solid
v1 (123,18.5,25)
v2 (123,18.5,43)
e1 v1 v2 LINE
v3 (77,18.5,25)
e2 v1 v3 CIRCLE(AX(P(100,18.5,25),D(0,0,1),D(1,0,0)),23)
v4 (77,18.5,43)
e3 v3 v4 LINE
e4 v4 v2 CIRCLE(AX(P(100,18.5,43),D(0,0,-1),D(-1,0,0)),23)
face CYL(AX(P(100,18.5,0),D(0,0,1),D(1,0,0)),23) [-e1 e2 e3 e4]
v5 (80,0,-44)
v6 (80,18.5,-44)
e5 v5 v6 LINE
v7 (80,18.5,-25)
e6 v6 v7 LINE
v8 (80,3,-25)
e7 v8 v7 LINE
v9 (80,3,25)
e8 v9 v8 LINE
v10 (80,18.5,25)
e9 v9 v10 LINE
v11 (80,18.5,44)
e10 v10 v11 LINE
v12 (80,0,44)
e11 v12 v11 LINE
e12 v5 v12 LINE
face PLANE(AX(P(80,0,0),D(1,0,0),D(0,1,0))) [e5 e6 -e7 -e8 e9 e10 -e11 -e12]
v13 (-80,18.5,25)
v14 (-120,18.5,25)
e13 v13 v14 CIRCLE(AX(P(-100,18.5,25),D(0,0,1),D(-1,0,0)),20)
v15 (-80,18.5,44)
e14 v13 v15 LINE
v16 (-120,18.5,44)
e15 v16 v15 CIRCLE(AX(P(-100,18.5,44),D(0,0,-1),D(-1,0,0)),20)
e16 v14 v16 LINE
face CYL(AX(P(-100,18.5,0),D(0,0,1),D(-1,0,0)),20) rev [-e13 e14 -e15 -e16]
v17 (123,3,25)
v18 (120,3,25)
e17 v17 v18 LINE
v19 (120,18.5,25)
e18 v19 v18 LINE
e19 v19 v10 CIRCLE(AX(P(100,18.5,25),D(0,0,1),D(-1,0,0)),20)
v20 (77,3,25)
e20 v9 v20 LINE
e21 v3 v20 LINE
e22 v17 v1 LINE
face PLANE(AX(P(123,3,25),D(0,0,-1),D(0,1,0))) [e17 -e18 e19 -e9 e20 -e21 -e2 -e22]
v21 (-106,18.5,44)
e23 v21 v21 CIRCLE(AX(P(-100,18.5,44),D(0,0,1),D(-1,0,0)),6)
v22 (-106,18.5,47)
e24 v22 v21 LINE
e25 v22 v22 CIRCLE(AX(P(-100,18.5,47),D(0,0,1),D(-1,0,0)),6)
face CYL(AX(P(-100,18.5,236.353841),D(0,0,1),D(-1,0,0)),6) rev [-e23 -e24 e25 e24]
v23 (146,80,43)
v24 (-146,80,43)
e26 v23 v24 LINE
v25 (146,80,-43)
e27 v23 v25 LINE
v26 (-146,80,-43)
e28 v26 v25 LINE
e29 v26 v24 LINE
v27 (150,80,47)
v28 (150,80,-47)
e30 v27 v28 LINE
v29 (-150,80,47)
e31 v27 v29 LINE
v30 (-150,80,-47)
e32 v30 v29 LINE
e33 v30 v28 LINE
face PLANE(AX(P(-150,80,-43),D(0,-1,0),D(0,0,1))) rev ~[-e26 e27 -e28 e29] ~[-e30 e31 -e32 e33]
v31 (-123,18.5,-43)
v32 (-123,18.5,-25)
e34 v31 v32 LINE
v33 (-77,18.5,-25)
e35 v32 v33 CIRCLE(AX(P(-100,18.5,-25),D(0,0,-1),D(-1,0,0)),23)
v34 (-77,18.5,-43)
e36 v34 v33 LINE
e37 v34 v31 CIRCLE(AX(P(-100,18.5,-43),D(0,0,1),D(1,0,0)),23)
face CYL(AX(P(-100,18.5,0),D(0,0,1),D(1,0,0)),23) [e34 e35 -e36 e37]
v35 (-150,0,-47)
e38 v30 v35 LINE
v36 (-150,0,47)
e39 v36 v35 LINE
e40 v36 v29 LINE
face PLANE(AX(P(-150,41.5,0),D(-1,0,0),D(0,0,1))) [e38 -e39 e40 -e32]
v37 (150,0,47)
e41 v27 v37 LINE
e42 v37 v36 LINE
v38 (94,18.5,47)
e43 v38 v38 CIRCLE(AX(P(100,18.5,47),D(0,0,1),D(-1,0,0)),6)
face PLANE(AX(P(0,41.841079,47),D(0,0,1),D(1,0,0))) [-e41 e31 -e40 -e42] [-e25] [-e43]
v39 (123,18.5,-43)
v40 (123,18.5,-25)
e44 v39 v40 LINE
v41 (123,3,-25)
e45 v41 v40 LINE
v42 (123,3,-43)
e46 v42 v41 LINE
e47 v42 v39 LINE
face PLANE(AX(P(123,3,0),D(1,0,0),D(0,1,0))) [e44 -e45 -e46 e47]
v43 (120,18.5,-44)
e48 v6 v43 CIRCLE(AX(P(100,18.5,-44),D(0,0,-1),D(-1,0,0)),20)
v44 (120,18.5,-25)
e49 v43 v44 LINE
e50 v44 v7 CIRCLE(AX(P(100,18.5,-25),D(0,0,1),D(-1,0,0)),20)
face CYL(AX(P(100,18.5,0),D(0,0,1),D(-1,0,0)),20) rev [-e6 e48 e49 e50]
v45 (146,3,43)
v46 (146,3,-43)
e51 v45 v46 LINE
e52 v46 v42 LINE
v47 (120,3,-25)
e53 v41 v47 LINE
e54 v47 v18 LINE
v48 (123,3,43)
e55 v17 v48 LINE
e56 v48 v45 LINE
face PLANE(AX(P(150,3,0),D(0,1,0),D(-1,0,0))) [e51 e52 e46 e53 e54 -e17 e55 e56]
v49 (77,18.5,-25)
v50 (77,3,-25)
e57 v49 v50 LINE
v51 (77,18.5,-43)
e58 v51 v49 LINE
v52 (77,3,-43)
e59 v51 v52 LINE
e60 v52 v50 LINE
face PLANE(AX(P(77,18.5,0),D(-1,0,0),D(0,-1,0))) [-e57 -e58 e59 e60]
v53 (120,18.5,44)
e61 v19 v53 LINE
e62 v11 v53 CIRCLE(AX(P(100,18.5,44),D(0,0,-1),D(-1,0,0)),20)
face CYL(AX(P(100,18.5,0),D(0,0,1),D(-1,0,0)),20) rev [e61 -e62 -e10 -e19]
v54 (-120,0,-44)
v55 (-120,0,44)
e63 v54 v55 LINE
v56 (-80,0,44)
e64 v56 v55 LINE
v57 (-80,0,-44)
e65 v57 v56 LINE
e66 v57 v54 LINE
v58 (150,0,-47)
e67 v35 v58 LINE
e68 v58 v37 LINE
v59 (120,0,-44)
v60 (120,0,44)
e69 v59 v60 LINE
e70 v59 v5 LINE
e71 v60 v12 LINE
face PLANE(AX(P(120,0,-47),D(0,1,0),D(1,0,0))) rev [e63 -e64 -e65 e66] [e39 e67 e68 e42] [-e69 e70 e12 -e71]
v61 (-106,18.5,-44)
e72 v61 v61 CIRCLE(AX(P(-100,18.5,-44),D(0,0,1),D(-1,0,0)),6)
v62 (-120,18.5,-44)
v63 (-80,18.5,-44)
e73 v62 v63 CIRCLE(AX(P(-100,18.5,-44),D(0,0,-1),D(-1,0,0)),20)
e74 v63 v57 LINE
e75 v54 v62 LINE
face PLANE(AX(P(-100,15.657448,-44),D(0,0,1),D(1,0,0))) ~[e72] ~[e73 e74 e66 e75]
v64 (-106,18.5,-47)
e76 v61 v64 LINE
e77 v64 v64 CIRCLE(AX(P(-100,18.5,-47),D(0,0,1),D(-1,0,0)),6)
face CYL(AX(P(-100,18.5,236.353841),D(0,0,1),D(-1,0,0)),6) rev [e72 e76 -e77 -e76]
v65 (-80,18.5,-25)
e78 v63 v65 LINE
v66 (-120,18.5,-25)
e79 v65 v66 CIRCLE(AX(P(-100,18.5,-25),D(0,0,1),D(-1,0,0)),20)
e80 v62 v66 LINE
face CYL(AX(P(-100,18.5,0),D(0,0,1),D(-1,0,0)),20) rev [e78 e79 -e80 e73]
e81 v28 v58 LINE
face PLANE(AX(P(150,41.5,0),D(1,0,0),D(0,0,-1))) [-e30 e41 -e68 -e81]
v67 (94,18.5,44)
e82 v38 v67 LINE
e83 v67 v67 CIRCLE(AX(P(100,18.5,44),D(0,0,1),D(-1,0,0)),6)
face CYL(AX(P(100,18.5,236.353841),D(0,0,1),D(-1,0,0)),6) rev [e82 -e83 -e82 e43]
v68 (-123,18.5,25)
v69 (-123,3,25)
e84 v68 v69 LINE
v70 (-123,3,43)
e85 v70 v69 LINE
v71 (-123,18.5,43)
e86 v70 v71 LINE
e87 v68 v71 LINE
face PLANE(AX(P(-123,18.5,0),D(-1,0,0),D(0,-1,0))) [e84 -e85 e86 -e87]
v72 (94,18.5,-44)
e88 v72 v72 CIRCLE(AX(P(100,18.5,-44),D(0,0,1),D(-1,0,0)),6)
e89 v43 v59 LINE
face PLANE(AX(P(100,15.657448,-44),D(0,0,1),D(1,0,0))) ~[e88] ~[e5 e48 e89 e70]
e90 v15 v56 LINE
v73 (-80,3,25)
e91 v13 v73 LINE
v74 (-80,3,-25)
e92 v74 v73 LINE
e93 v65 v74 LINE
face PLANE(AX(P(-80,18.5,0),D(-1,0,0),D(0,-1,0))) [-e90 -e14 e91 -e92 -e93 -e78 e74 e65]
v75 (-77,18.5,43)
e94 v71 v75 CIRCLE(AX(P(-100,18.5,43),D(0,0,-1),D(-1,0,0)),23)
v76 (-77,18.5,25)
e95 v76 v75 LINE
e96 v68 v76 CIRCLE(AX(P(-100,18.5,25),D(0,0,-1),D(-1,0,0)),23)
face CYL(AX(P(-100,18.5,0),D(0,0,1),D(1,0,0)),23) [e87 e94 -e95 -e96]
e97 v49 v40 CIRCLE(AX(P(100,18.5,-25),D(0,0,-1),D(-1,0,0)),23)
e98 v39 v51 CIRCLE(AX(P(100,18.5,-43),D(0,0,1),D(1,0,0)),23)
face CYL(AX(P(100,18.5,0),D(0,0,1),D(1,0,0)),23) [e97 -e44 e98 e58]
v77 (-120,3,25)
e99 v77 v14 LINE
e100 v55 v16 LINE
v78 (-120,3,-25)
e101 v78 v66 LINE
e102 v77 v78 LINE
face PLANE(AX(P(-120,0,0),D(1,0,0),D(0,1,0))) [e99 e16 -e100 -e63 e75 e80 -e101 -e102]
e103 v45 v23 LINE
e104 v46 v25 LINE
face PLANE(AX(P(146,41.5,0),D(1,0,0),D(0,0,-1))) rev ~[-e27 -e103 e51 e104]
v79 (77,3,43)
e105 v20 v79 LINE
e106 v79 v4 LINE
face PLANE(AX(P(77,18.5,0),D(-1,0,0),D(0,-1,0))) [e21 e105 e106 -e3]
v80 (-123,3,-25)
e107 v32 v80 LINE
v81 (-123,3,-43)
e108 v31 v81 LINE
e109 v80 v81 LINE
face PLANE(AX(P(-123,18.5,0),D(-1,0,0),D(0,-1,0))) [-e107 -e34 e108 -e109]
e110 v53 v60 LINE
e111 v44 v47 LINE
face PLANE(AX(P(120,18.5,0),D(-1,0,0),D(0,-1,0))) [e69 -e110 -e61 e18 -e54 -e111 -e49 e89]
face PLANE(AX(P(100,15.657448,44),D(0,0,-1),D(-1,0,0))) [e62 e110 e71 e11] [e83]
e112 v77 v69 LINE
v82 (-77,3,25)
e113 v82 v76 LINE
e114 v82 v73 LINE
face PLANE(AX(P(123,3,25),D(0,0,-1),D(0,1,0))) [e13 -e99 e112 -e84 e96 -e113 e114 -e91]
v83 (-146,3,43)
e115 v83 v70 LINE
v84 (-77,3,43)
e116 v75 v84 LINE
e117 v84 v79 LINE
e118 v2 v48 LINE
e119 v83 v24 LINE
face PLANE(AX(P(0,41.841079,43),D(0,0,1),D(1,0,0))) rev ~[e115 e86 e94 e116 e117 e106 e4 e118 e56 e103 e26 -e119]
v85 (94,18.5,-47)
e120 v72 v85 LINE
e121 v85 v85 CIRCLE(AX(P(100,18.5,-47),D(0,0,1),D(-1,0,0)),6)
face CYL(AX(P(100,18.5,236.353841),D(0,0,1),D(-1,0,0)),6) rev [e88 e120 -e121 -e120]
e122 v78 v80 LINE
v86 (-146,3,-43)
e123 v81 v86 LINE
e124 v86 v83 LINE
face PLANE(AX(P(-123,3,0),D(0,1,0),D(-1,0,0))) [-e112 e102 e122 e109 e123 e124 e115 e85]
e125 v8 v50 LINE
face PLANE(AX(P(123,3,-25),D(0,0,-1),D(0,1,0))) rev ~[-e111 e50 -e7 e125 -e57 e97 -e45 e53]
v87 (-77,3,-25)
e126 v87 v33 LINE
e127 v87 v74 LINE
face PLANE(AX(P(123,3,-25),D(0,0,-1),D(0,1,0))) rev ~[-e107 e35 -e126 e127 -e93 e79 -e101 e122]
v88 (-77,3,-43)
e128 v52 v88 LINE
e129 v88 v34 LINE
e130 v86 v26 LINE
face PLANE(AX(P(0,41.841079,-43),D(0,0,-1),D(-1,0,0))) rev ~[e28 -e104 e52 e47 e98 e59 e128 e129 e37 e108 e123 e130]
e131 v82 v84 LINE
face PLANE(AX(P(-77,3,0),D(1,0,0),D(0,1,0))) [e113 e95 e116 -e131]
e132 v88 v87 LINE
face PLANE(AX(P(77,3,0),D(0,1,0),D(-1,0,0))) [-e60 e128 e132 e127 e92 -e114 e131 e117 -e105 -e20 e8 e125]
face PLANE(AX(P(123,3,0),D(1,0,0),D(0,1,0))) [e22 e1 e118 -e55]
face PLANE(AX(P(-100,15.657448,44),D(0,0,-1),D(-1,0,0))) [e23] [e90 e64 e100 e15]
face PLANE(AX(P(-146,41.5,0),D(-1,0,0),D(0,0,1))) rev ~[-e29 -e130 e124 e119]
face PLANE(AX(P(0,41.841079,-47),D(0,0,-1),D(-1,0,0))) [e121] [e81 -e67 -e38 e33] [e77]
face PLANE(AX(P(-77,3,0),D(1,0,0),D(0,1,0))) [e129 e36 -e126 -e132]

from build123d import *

# Parameters (mm, degrees)
SALIENTE_EXTRUIR1_DEPTH    = 47
CROQUIS2_W                 = 50
CROQUIS2_H                 = 38.5
CORTAR_EXTRUIR1_DEPTH      = 281.107568623
SALIENTE_EXTRUIR2_DEPTH    = 3
SALIENTE_EXTRUIR3_DEPTH    = 4
SALIENTE_EXTRUIR4_START    = -4
SALIENTE_EXTRUIR4_DEPTH    = 4
CROQUIS6_W                 = 86
CROQUIS6_H                 = 77
SALIENTE_EXTRUIR5_DEPTH    = 4
CROQUIS7_W                 = 86
CROQUIS7_H                 = 77
SALIENTE_EXTRUIR6_DEPTH    = 4
CORTAR_EXTRUIR2_DEPTH      = 193.353840617
CORTAR_EXTRUIR2_DEPTH_BACK = 193.353840617
CROQUIS9_R                 = 6


with BuildPart() as part:
    # Croquis1 → Saliente-Extruir1 (new, symmetric)
    with BuildSketch(Plane.XY):
        with BuildLine():
            Line((-150, 0), (-120, 0))
            Line((-120, 0), (-120, 18.5))
            ThreePointArc((-120, 18.5), (-100, 38.5), (-80, 18.5))
            Line((-80, 18.5), (-80, 0))
            Line((-80, 0), (80, 0))
            Line((80, 0), (80, 18.5))
            ThreePointArc((80, 18.5), (100, 38.5), (120, 18.5))
            Line((120, 18.5), (120, 0))
            Line((120, 0), (150, 0))
            Line((150, 0), (150, 3))
            Line((150, 3), (123, 3))
            Line((123, 3), (123, 18.5))
            ThreePointArc((123, 18.5), (100, 41.5), (77, 18.5))
            Line((77, 18.5), (77, 3))
            Line((77, 3), (-77, 3))
            Line((-77, 3), (-77, 18.5))
            ThreePointArc((-77, 18.5), (-100, 41.5), (-123, 18.5))
            Line((-123, 18.5), (-123, 3))
            Line((-123, 3), (-150, 3))
            Line((-150, 3), (-150, 0))
        make_face()
    extrude(amount=SALIENTE_EXTRUIR1_DEPTH, both=True)

    # Croquis2 → Cortar-Extruir1 (cut, through all)
    with BuildSketch(Plane(origin=(123, 0, 0), x_dir=(0, 0, -1), z_dir=(1, 0, 0))):
        with Locations((0, 22.25)):
            Rectangle(CROQUIS2_W, CROQUIS2_H)
    extrude(amount=-CORTAR_EXTRUIR1_DEPTH, mode=Mode.SUBTRACT)

    # Croquis3 → Saliente-Extruir2 (add)
    with BuildSketch(Plane.XY.offset(47)):
        with BuildLine():
            Line((120, 18.5), (120, 0))
            Line((120, 0), (80, 0))
            Line((80, 0), (80, 18.5))
            ThreePointArc((80, 18.5), (100, 38.5), (120, 18.5))
        make_face()
        with BuildLine():
            Line((-120, 0), (-120, 18.5))
            ThreePointArc((-120, 18.5), (-100, 38.5), (-80, 18.5))
            Line((-80, 18.5), (-80, 0))
            Line((-80, 0), (-120, 0))
        make_face()
    saliente_extruir2 = extrude(amount=-SALIENTE_EXTRUIR2_DEPTH)

    # Simetría1: Saliente-Extruir2 across plane
    add(saliente_extruir2.mirror(Plane.XY))

    # Croquis4 → Saliente-Extruir3 (add)
    with BuildSketch(Plane.XY.offset(47)):
        with BuildLine():
            Line((150, 80), (-150, 80))
            Line((-150, 80), (-150, 3))
            Line((-150, 3), (-123, 3))
            Line((-123, 3), (-123, 18.5))
            ThreePointArc((-123, 18.5), (-100, 41.5), (-77, 18.5))
            Line((-77, 18.5), (-77, 3))
            Line((-77, 3), (77, 3))
            Line((77, 3), (77, 18.5))
            ThreePointArc((77, 18.5), (100, 41.5), (123, 18.5))
            Line((123, 18.5), (123, 3))
            Line((123, 3), (150, 3))
            Line((150, 3), (150, 80))
        make_face()
    extrude(amount=-SALIENTE_EXTRUIR3_DEPTH)

    # Croquis5 → Saliente-Extruir4 (add)
    with BuildSketch(Plane(origin=(0, 0, -47), x_dir=(-1, 0, 0), z_dir=(0, 0, -1)).offset(SALIENTE_EXTRUIR4_START)):
        with BuildLine():
            Line((123, 3), (150, 3))
            Line((150, 3), (150, 80))
            Line((150, 80), (-150, 80))
            Line((-150, 80), (-150, 3))
            Line((-150, 3), (-123, 3))
            Line((-123, 3), (-123, 18.5))
            ThreePointArc((-123, 18.5), (-100, 41.5), (-77, 18.5))
            Line((-77, 18.5), (-77, 3))
            Line((-77, 3), (77, 3))
            Line((77, 3), (77, 18.5))
            ThreePointArc((77, 18.5), (100, 41.5), (123, 18.5))
            Line((123, 18.5), (123, 3))
        make_face()
    extrude(amount=SALIENTE_EXTRUIR4_DEPTH)

    # Croquis6 → Saliente-Extruir5 (add)
    with BuildSketch(Plane(origin=(150, 0, 0), x_dir=(0, 0, -1), z_dir=(1, 0, 0))):
        with Locations((0, 41.5)):
            Rectangle(CROQUIS6_W, CROQUIS6_H)
    extrude(amount=-SALIENTE_EXTRUIR5_DEPTH)

    # Croquis7 → Saliente-Extruir6 (add)
    with BuildSketch(Plane.ZY.offset(150)):
        with Locations((0, 41.5)):
            Rectangle(CROQUIS7_W, CROQUIS7_H)
    extrude(amount=-SALIENTE_EXTRUIR6_DEPTH)

    # Croquis9 → Cortar-Extruir2 (cut, two sides: drawn at the far end of the back side and taken through both)
    with BuildSketch(Plane(origin=(0, 0, 43), x_dir=(-1, 0, 0), z_dir=(0, 0, -1)).offset(-CORTAR_EXTRUIR2_DEPTH_BACK)):
        with Locations((100, 18.5)):
            Circle(CROQUIS9_R)
        with Locations((-100, 18.5)):
            Circle(CROQUIS9_R)
    extrude(amount=CORTAR_EXTRUIR2_DEPTH + CORTAR_EXTRUIR2_DEPTH_BACK, mode=Mode.SUBTRACT)


solid = part.part
